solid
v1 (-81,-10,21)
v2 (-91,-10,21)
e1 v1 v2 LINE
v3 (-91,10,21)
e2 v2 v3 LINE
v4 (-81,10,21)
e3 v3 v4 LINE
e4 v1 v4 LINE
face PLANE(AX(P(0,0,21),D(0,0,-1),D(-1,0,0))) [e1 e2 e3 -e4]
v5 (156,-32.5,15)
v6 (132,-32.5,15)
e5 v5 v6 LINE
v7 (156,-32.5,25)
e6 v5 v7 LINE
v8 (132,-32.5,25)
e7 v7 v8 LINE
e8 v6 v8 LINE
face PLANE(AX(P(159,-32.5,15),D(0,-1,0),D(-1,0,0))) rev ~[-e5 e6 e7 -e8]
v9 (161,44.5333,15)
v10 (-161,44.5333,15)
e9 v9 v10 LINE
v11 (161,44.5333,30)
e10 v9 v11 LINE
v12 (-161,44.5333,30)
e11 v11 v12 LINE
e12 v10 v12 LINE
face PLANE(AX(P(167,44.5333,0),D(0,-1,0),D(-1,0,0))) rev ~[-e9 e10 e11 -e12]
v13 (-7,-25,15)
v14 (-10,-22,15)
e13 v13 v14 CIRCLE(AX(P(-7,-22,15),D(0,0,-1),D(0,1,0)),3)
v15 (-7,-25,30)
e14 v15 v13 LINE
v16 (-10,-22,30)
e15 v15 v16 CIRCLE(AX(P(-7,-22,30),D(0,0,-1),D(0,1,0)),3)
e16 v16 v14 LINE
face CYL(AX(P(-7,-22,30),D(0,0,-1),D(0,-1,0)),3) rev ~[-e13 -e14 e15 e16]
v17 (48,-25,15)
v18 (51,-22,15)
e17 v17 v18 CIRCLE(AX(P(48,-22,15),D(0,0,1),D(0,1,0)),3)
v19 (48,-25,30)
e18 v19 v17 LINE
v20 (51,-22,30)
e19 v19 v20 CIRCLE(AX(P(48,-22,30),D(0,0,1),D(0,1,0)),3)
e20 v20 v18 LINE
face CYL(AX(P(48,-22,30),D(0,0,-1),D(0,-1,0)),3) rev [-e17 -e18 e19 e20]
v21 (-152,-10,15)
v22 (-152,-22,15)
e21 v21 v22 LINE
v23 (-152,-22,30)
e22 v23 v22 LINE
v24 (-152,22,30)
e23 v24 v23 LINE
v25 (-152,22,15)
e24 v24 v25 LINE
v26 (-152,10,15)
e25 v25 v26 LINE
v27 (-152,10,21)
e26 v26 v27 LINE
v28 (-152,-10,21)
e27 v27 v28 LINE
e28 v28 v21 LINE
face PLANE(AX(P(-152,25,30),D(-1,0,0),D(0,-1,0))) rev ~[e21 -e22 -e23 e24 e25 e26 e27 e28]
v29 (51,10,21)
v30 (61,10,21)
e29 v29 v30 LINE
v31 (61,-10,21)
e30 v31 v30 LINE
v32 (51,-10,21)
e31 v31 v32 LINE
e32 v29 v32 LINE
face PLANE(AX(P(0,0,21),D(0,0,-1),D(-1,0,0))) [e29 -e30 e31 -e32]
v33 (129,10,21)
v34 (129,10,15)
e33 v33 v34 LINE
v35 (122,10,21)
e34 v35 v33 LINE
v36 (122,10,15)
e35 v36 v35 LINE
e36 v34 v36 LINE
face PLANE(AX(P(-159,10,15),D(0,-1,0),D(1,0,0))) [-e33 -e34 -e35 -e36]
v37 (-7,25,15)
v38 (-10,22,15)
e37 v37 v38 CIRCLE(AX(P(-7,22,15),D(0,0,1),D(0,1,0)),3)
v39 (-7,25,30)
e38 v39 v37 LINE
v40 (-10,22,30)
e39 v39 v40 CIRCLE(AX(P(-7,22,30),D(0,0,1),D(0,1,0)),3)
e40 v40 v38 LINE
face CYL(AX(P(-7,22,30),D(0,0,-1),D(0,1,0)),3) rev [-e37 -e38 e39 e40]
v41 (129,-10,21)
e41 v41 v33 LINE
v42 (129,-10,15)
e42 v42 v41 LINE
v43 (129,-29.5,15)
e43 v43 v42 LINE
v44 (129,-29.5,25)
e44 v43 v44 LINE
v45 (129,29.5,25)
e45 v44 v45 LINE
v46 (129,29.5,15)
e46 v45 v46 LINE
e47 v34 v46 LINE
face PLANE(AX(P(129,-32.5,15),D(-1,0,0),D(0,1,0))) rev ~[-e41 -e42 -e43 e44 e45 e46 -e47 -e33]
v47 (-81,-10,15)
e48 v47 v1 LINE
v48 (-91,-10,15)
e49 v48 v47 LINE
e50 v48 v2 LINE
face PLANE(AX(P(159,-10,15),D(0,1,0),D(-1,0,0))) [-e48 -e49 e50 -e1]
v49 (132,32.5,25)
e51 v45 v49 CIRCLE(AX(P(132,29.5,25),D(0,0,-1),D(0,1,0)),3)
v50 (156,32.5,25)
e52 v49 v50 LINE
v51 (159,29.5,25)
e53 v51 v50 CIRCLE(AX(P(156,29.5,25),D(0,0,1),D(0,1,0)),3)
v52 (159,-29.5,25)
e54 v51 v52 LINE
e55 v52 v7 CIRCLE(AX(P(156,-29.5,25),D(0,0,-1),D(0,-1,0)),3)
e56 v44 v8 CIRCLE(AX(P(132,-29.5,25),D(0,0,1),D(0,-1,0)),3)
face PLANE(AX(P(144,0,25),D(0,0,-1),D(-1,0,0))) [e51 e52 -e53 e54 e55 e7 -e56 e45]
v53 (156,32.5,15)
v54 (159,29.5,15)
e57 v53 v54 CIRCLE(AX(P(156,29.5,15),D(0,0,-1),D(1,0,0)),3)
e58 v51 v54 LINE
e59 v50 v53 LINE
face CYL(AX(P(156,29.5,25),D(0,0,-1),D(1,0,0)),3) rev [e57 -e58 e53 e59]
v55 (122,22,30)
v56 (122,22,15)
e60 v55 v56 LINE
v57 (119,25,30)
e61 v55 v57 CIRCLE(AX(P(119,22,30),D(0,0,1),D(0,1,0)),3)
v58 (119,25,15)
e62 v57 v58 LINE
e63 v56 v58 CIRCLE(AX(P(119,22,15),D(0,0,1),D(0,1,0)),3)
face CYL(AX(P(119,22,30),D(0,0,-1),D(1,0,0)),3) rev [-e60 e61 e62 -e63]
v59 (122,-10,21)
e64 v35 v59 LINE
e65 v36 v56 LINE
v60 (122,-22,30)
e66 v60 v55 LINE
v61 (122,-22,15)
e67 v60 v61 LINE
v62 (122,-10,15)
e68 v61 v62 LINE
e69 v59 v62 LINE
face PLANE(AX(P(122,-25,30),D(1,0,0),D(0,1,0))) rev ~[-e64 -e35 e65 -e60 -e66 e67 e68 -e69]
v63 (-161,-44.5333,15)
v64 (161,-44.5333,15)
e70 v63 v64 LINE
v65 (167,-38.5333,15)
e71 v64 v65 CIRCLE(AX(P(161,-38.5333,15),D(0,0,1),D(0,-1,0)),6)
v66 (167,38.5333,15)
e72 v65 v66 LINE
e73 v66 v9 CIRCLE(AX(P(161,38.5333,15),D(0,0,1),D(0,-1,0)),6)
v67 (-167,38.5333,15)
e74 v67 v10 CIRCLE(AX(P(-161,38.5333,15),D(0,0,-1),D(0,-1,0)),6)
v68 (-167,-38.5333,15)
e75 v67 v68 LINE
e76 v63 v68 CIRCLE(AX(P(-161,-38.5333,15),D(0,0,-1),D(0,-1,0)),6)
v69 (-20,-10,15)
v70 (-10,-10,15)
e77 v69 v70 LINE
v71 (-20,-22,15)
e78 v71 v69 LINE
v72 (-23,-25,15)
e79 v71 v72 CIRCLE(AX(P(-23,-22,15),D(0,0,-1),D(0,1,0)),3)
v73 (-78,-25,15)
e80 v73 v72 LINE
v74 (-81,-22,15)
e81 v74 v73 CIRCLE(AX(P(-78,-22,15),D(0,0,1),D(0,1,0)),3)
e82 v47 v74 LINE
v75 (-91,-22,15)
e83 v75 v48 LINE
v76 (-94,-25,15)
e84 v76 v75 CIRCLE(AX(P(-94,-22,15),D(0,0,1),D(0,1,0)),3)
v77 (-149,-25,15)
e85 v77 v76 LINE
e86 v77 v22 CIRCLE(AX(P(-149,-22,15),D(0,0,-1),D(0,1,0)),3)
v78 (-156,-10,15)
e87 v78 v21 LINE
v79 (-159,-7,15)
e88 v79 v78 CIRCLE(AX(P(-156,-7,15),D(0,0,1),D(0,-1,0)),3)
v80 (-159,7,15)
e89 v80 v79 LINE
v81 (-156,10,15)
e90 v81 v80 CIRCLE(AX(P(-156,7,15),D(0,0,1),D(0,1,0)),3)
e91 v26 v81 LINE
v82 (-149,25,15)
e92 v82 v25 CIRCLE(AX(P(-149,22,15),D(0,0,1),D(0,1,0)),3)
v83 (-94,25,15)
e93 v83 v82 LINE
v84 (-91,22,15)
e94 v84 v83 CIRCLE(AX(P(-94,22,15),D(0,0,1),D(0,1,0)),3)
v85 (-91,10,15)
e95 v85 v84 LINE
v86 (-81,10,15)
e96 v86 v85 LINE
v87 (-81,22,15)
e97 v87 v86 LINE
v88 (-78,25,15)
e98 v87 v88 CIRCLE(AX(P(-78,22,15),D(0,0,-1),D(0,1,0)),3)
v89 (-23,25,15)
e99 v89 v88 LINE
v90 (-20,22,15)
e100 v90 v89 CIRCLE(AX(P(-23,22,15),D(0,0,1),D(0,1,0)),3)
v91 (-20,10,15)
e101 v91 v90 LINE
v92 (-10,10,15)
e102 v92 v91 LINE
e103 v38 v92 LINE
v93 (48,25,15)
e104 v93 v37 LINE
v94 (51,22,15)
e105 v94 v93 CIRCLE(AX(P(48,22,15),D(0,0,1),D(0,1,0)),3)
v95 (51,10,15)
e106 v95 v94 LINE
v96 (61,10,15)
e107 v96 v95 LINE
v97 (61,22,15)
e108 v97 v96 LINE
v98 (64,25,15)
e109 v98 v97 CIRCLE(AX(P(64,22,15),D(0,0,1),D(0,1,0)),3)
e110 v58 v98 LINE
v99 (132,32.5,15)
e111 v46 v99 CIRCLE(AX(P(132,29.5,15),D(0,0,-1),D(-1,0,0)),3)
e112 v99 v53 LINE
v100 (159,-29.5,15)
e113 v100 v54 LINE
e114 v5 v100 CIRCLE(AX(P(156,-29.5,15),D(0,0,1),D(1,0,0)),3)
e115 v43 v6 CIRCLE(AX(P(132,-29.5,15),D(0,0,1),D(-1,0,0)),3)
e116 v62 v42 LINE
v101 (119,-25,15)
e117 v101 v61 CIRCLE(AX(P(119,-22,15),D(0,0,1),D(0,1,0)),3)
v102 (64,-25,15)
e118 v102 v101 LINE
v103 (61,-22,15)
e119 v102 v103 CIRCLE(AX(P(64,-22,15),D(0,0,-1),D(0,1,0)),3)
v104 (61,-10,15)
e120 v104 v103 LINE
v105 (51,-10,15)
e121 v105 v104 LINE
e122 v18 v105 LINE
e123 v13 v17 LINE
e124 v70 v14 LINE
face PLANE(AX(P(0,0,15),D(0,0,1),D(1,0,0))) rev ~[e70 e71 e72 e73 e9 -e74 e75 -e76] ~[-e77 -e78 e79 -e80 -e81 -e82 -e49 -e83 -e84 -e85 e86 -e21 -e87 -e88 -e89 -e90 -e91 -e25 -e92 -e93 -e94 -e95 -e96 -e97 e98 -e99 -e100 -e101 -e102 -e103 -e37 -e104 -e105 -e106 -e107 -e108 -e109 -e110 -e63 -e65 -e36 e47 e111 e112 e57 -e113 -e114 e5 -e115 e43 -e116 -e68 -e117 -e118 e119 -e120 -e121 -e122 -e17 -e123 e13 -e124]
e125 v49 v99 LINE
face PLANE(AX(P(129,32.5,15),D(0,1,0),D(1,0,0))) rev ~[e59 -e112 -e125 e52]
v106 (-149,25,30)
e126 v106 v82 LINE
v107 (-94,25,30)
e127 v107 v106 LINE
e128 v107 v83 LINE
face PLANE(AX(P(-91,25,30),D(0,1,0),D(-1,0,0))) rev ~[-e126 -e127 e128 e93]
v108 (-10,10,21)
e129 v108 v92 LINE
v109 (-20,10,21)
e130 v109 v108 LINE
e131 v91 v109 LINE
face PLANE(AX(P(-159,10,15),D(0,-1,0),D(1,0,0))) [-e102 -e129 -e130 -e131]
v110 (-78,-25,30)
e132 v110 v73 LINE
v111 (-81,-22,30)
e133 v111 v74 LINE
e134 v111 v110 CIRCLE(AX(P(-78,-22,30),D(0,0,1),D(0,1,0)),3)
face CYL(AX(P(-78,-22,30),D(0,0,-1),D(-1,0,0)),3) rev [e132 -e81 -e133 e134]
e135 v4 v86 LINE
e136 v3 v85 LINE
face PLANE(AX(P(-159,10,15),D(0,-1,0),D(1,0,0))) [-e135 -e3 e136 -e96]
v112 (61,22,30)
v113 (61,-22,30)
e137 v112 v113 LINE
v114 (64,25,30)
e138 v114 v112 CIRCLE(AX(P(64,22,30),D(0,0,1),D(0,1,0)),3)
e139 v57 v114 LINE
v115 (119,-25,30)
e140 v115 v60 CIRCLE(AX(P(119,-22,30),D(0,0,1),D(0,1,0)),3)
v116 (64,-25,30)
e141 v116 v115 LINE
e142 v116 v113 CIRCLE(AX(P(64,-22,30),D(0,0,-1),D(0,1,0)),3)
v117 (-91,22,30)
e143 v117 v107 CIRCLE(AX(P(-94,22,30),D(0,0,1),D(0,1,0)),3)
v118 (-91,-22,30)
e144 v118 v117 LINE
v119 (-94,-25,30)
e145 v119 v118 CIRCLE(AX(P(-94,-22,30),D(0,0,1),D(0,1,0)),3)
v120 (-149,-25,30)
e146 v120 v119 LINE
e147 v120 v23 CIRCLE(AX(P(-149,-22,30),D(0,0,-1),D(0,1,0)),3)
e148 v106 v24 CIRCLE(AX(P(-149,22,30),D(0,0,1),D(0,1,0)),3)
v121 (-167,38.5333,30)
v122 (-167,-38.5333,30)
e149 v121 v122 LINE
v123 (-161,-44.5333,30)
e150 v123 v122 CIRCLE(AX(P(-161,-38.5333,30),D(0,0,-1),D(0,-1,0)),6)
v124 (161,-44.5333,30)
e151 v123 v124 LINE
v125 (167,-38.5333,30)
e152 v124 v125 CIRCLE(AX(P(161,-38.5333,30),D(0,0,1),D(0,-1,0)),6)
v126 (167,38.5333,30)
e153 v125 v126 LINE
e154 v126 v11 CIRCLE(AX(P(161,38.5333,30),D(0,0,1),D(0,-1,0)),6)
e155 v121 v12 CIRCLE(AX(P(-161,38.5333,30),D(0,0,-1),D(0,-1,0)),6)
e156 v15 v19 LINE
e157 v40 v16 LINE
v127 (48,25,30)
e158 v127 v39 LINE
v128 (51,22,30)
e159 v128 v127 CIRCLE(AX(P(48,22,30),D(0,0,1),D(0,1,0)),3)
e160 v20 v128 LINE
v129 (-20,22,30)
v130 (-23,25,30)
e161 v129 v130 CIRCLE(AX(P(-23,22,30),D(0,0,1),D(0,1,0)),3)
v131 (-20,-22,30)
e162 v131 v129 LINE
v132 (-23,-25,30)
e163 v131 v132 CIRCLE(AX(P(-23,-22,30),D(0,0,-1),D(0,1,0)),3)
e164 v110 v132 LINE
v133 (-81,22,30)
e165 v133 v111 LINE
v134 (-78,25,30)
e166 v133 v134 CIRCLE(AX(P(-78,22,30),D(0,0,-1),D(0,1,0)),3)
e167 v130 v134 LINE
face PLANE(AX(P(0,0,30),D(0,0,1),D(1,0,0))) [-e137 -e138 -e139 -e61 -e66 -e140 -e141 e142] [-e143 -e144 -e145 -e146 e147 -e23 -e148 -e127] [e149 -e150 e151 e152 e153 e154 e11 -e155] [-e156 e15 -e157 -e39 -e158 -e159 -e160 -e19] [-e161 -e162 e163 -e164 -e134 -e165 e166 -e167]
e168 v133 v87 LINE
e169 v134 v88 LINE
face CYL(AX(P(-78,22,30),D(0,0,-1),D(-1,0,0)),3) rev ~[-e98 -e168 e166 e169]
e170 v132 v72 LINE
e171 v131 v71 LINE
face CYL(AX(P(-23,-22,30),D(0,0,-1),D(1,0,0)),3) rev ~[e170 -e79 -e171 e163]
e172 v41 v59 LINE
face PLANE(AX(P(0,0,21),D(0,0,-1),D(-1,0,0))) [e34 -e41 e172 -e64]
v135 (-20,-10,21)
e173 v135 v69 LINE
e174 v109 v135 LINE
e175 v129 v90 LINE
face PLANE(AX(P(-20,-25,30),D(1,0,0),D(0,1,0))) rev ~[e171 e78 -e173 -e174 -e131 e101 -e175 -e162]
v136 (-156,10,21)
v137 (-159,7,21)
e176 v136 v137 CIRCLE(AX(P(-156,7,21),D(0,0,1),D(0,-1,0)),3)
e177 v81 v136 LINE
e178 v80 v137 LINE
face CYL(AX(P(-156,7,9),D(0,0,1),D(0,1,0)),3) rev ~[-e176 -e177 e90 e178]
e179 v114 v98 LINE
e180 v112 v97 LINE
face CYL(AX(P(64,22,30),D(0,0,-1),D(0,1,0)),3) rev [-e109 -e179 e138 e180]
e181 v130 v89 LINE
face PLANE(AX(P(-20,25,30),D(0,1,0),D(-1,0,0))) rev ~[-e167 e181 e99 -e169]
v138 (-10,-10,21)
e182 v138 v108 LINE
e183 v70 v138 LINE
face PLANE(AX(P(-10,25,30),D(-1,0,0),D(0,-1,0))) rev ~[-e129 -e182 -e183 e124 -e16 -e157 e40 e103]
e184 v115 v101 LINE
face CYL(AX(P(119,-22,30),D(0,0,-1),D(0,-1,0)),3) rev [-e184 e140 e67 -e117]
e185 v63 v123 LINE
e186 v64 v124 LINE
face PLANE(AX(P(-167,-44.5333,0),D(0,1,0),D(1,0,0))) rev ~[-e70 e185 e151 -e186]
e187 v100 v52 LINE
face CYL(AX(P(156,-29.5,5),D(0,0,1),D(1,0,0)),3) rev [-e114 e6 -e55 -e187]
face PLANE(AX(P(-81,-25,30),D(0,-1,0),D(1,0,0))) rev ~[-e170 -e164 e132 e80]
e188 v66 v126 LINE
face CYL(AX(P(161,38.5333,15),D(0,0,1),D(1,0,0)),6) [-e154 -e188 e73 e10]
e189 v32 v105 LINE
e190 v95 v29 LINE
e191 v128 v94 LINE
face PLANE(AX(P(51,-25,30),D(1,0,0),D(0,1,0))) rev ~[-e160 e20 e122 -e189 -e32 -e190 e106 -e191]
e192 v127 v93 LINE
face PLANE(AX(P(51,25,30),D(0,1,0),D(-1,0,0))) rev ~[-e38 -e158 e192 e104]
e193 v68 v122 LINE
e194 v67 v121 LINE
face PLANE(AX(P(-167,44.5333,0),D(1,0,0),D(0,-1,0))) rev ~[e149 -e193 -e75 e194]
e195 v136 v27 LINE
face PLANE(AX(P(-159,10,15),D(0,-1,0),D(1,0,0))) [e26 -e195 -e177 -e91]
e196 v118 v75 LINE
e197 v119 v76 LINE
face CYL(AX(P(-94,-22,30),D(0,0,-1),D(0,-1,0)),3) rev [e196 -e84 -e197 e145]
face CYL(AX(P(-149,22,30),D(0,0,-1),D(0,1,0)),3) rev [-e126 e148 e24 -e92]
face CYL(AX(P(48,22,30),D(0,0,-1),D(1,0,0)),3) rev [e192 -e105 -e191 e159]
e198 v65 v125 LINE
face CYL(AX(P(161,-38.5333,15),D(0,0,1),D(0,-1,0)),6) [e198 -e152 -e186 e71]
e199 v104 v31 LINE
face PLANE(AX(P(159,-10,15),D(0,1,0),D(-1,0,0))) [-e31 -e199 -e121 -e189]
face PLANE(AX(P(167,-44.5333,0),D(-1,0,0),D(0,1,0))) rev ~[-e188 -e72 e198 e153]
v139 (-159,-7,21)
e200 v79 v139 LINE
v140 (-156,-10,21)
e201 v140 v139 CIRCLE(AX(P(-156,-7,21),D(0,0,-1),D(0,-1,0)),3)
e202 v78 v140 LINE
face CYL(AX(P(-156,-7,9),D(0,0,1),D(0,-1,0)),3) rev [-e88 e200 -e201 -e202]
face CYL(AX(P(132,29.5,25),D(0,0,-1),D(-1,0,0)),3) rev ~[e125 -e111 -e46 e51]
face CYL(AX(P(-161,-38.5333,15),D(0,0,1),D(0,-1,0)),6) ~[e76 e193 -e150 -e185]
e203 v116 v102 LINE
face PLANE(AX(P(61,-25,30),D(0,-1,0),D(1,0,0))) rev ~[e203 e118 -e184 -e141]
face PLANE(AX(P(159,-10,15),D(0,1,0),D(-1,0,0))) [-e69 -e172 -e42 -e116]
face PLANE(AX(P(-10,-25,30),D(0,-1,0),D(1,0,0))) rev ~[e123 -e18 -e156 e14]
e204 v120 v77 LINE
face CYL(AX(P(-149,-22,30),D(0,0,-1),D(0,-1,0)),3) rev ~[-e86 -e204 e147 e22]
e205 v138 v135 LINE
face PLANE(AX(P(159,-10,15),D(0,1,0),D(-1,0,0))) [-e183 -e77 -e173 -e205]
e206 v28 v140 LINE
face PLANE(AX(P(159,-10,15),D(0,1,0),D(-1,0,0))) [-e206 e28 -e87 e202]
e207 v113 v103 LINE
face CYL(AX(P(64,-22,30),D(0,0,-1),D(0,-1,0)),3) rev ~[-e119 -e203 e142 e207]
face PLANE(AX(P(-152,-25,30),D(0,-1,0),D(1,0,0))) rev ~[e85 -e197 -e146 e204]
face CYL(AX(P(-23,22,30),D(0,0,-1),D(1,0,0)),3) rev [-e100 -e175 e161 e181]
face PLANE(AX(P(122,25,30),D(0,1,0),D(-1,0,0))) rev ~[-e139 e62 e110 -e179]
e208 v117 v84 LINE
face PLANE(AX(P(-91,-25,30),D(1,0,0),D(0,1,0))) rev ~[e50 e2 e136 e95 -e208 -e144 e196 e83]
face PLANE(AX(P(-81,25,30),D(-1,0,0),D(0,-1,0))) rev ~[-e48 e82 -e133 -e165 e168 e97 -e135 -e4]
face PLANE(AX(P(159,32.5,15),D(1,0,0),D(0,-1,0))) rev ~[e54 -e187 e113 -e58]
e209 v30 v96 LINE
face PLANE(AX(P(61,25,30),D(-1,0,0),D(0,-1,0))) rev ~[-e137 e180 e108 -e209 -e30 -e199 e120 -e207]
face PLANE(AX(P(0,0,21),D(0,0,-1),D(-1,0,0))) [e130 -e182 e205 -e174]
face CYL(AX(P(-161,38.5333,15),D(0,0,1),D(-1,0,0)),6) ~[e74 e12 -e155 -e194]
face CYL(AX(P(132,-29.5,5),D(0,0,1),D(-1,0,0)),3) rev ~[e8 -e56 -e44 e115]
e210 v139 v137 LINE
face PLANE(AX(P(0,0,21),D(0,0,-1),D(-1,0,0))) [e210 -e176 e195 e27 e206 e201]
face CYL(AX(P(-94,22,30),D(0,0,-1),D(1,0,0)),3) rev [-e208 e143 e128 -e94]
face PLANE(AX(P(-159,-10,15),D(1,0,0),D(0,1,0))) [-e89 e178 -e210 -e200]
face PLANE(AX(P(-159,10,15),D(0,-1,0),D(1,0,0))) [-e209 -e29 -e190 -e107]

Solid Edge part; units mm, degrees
sketch "Sketch1" plane through (0, 0, 0) normal (0, 0, 1) x (1, 0, 0)
  line L0 (-167, -44.5333) -> (167, -44.5333)
  line L1 (167, -44.5333) -> (167, 44.5333)
  line L2 (167, 44.5333) -> (-167, 44.5333)
  line L3 (-167, 44.5333) -> (-167, -44.5333)
extrude "Protrusion1" add sketch "Sketch1" along normal blind 30
sketch "Sketch2" plane through (0, 0, 30) normal (0, 0, 1) x (1, 0, 0)
  line L0 (-152, -25) -> (-91, -25)
  line L1 (-91, -25) -> (-91, 25)
  line L2 (-91, 25) -> (-152, 25)
  line L3 (-152, 25) -> (-152, -25)
extrude "ExtrudedCutout_1" cut sketch "Sketch2" against normal blind 15
fillet "Round_1" radius 3 4 edges at (-152, 25, 22.5) (-91, 25, 22.5) (-152, -25, 22.5) (-91, -25, 22.5)
sketch "Sketch3" plane through (-121.5, 0, 15) normal (0, 0, 1) x (1, 0, 0)
  circle A0 centre (-27.5, 22) radius 2
  circle A1 centre (27.5, 22) radius 2
  circle A2 centre (27.5, -22) radius 2
  circle A3 centre (-27.5, -22) radius 2
  dimension "D1" = 4
  dimension "D2" = 3
  dimension "D3" = 3
extrude "Cutout1" cut sketch "Sketch3" against normal through all
sketch "Sketch4" plane through (0, 0, 0) normal (0, 0, -1) x (-1, 0, 0)
  circle A0 centre (149, 22) radius 4
  circle A1 centre (149, -22) radius 4
  circle A2 centre (94, -22) radius 4
  circle A3 centre (94, 22) radius 4
  dimension "D1" = 8
extrude "ExtrudedCutout_14" cut sketch "Sketch4" against normal blind 5
sketch "Sketch5" plane through (-104.5, 0, 15) normal (0, 0, 1) x (1, 0, 0)
  line L0 (-54.5, 10) -> (263.5, 10)
  line L1 (263.5, 10) -> (263.5, -10)
  line L2 (263.5, -10) -> (-54.5, -10)
  line L3 (-54.5, -10) -> (-54.5, 10)
extrude "ExtrudedCutout_2" cut sketch "Sketch5" against normal blind 6 and the other way blind 6
sketch "Sketch6" plane through (-121.5, -17.5, 15) normal (0, 0, 1) x (-1, 0, 0)
  line L0 (-250.5, 15) -> (-250.5, -50)
  line L1 (-250.5, -50) -> (-280.5, -50)
  line L2 (-280.5, -50) -> (-280.5, 15)
  line L3 (-280.5, 15) -> (-250.5, 15)
extrude "ExtrudedCutout_18" cut sketch "Sketch6" along normal mid plane 20
sketch "Sketch7" plane through (-121.5, -17.5, 15) normal (0, 0, 1) x (-1, 0, 0)
  line L0 (-288.5, -20.5) -> (-280.5, -20.5)
  line L1 (-280.5, -20.5) -> (-280.5, -14.5)
  line L2 (-280.5, -14.5) -> (-288.5, -14.5)
  line L3 (-288.5, -14.5) -> (-288.5, -20.5)
extrude "ExtrudedCutout_19" cut sketch "Sketch7" against normal blind 5
fillet "Round_2" radius 3 6 edges at (-159, 10, 15) (-159, -10, 15) (129, -32.5, 15) (159, -32.5, 15) (159, 32.5, 15) (129, 32.5, 15)
pattern_linear "Pattern1" count 4 spacing 71 along (1, 0, 0) of "ExtrudedCutout_1", "Cutout1", "ExtrudedCutout_14"
fillet "Round1" radius 3 4 edges at (-81, 25, 22.5) (-20, 25, 22.5) (-81, -25, 22.5) (-20, -25, 22.5)
fillet "Round2" radius 3 4 edges at (-10, 25, 22.5) (51, 25, 22.5) (-10, -25, 22.5) (51, -25, 22.5)
fillet "Round3" radius 3 4 edges at (61, 25, 22.5) (122, 25, 22.5) (61, -25, 22.5) (122, -25, 22.5)
sketch "Sketch8" plane through (0, 0, 0) normal (0, 0, -1) x (-1, 0, 0)
  line L0 (-167, 44.5333) -> (167, 44.5333)
  line L1 (167, 44.5333) -> (167, -44.5333)
  line L2 (167, -44.5333) -> (-167, -44.5333)
  line L3 (-167, -44.5333) -> (-167, 44.5333)
extrude "ExtrudedCutout_30" cut sketch "Sketch8" against normal blind 15
fillet "Round_6" radius 6 4 edges at (167, 44.5333, 22.5) (167, -44.5333, 22.5) (-167, -44.5333, 22.5) (-167, 44.5333, 22.5)
